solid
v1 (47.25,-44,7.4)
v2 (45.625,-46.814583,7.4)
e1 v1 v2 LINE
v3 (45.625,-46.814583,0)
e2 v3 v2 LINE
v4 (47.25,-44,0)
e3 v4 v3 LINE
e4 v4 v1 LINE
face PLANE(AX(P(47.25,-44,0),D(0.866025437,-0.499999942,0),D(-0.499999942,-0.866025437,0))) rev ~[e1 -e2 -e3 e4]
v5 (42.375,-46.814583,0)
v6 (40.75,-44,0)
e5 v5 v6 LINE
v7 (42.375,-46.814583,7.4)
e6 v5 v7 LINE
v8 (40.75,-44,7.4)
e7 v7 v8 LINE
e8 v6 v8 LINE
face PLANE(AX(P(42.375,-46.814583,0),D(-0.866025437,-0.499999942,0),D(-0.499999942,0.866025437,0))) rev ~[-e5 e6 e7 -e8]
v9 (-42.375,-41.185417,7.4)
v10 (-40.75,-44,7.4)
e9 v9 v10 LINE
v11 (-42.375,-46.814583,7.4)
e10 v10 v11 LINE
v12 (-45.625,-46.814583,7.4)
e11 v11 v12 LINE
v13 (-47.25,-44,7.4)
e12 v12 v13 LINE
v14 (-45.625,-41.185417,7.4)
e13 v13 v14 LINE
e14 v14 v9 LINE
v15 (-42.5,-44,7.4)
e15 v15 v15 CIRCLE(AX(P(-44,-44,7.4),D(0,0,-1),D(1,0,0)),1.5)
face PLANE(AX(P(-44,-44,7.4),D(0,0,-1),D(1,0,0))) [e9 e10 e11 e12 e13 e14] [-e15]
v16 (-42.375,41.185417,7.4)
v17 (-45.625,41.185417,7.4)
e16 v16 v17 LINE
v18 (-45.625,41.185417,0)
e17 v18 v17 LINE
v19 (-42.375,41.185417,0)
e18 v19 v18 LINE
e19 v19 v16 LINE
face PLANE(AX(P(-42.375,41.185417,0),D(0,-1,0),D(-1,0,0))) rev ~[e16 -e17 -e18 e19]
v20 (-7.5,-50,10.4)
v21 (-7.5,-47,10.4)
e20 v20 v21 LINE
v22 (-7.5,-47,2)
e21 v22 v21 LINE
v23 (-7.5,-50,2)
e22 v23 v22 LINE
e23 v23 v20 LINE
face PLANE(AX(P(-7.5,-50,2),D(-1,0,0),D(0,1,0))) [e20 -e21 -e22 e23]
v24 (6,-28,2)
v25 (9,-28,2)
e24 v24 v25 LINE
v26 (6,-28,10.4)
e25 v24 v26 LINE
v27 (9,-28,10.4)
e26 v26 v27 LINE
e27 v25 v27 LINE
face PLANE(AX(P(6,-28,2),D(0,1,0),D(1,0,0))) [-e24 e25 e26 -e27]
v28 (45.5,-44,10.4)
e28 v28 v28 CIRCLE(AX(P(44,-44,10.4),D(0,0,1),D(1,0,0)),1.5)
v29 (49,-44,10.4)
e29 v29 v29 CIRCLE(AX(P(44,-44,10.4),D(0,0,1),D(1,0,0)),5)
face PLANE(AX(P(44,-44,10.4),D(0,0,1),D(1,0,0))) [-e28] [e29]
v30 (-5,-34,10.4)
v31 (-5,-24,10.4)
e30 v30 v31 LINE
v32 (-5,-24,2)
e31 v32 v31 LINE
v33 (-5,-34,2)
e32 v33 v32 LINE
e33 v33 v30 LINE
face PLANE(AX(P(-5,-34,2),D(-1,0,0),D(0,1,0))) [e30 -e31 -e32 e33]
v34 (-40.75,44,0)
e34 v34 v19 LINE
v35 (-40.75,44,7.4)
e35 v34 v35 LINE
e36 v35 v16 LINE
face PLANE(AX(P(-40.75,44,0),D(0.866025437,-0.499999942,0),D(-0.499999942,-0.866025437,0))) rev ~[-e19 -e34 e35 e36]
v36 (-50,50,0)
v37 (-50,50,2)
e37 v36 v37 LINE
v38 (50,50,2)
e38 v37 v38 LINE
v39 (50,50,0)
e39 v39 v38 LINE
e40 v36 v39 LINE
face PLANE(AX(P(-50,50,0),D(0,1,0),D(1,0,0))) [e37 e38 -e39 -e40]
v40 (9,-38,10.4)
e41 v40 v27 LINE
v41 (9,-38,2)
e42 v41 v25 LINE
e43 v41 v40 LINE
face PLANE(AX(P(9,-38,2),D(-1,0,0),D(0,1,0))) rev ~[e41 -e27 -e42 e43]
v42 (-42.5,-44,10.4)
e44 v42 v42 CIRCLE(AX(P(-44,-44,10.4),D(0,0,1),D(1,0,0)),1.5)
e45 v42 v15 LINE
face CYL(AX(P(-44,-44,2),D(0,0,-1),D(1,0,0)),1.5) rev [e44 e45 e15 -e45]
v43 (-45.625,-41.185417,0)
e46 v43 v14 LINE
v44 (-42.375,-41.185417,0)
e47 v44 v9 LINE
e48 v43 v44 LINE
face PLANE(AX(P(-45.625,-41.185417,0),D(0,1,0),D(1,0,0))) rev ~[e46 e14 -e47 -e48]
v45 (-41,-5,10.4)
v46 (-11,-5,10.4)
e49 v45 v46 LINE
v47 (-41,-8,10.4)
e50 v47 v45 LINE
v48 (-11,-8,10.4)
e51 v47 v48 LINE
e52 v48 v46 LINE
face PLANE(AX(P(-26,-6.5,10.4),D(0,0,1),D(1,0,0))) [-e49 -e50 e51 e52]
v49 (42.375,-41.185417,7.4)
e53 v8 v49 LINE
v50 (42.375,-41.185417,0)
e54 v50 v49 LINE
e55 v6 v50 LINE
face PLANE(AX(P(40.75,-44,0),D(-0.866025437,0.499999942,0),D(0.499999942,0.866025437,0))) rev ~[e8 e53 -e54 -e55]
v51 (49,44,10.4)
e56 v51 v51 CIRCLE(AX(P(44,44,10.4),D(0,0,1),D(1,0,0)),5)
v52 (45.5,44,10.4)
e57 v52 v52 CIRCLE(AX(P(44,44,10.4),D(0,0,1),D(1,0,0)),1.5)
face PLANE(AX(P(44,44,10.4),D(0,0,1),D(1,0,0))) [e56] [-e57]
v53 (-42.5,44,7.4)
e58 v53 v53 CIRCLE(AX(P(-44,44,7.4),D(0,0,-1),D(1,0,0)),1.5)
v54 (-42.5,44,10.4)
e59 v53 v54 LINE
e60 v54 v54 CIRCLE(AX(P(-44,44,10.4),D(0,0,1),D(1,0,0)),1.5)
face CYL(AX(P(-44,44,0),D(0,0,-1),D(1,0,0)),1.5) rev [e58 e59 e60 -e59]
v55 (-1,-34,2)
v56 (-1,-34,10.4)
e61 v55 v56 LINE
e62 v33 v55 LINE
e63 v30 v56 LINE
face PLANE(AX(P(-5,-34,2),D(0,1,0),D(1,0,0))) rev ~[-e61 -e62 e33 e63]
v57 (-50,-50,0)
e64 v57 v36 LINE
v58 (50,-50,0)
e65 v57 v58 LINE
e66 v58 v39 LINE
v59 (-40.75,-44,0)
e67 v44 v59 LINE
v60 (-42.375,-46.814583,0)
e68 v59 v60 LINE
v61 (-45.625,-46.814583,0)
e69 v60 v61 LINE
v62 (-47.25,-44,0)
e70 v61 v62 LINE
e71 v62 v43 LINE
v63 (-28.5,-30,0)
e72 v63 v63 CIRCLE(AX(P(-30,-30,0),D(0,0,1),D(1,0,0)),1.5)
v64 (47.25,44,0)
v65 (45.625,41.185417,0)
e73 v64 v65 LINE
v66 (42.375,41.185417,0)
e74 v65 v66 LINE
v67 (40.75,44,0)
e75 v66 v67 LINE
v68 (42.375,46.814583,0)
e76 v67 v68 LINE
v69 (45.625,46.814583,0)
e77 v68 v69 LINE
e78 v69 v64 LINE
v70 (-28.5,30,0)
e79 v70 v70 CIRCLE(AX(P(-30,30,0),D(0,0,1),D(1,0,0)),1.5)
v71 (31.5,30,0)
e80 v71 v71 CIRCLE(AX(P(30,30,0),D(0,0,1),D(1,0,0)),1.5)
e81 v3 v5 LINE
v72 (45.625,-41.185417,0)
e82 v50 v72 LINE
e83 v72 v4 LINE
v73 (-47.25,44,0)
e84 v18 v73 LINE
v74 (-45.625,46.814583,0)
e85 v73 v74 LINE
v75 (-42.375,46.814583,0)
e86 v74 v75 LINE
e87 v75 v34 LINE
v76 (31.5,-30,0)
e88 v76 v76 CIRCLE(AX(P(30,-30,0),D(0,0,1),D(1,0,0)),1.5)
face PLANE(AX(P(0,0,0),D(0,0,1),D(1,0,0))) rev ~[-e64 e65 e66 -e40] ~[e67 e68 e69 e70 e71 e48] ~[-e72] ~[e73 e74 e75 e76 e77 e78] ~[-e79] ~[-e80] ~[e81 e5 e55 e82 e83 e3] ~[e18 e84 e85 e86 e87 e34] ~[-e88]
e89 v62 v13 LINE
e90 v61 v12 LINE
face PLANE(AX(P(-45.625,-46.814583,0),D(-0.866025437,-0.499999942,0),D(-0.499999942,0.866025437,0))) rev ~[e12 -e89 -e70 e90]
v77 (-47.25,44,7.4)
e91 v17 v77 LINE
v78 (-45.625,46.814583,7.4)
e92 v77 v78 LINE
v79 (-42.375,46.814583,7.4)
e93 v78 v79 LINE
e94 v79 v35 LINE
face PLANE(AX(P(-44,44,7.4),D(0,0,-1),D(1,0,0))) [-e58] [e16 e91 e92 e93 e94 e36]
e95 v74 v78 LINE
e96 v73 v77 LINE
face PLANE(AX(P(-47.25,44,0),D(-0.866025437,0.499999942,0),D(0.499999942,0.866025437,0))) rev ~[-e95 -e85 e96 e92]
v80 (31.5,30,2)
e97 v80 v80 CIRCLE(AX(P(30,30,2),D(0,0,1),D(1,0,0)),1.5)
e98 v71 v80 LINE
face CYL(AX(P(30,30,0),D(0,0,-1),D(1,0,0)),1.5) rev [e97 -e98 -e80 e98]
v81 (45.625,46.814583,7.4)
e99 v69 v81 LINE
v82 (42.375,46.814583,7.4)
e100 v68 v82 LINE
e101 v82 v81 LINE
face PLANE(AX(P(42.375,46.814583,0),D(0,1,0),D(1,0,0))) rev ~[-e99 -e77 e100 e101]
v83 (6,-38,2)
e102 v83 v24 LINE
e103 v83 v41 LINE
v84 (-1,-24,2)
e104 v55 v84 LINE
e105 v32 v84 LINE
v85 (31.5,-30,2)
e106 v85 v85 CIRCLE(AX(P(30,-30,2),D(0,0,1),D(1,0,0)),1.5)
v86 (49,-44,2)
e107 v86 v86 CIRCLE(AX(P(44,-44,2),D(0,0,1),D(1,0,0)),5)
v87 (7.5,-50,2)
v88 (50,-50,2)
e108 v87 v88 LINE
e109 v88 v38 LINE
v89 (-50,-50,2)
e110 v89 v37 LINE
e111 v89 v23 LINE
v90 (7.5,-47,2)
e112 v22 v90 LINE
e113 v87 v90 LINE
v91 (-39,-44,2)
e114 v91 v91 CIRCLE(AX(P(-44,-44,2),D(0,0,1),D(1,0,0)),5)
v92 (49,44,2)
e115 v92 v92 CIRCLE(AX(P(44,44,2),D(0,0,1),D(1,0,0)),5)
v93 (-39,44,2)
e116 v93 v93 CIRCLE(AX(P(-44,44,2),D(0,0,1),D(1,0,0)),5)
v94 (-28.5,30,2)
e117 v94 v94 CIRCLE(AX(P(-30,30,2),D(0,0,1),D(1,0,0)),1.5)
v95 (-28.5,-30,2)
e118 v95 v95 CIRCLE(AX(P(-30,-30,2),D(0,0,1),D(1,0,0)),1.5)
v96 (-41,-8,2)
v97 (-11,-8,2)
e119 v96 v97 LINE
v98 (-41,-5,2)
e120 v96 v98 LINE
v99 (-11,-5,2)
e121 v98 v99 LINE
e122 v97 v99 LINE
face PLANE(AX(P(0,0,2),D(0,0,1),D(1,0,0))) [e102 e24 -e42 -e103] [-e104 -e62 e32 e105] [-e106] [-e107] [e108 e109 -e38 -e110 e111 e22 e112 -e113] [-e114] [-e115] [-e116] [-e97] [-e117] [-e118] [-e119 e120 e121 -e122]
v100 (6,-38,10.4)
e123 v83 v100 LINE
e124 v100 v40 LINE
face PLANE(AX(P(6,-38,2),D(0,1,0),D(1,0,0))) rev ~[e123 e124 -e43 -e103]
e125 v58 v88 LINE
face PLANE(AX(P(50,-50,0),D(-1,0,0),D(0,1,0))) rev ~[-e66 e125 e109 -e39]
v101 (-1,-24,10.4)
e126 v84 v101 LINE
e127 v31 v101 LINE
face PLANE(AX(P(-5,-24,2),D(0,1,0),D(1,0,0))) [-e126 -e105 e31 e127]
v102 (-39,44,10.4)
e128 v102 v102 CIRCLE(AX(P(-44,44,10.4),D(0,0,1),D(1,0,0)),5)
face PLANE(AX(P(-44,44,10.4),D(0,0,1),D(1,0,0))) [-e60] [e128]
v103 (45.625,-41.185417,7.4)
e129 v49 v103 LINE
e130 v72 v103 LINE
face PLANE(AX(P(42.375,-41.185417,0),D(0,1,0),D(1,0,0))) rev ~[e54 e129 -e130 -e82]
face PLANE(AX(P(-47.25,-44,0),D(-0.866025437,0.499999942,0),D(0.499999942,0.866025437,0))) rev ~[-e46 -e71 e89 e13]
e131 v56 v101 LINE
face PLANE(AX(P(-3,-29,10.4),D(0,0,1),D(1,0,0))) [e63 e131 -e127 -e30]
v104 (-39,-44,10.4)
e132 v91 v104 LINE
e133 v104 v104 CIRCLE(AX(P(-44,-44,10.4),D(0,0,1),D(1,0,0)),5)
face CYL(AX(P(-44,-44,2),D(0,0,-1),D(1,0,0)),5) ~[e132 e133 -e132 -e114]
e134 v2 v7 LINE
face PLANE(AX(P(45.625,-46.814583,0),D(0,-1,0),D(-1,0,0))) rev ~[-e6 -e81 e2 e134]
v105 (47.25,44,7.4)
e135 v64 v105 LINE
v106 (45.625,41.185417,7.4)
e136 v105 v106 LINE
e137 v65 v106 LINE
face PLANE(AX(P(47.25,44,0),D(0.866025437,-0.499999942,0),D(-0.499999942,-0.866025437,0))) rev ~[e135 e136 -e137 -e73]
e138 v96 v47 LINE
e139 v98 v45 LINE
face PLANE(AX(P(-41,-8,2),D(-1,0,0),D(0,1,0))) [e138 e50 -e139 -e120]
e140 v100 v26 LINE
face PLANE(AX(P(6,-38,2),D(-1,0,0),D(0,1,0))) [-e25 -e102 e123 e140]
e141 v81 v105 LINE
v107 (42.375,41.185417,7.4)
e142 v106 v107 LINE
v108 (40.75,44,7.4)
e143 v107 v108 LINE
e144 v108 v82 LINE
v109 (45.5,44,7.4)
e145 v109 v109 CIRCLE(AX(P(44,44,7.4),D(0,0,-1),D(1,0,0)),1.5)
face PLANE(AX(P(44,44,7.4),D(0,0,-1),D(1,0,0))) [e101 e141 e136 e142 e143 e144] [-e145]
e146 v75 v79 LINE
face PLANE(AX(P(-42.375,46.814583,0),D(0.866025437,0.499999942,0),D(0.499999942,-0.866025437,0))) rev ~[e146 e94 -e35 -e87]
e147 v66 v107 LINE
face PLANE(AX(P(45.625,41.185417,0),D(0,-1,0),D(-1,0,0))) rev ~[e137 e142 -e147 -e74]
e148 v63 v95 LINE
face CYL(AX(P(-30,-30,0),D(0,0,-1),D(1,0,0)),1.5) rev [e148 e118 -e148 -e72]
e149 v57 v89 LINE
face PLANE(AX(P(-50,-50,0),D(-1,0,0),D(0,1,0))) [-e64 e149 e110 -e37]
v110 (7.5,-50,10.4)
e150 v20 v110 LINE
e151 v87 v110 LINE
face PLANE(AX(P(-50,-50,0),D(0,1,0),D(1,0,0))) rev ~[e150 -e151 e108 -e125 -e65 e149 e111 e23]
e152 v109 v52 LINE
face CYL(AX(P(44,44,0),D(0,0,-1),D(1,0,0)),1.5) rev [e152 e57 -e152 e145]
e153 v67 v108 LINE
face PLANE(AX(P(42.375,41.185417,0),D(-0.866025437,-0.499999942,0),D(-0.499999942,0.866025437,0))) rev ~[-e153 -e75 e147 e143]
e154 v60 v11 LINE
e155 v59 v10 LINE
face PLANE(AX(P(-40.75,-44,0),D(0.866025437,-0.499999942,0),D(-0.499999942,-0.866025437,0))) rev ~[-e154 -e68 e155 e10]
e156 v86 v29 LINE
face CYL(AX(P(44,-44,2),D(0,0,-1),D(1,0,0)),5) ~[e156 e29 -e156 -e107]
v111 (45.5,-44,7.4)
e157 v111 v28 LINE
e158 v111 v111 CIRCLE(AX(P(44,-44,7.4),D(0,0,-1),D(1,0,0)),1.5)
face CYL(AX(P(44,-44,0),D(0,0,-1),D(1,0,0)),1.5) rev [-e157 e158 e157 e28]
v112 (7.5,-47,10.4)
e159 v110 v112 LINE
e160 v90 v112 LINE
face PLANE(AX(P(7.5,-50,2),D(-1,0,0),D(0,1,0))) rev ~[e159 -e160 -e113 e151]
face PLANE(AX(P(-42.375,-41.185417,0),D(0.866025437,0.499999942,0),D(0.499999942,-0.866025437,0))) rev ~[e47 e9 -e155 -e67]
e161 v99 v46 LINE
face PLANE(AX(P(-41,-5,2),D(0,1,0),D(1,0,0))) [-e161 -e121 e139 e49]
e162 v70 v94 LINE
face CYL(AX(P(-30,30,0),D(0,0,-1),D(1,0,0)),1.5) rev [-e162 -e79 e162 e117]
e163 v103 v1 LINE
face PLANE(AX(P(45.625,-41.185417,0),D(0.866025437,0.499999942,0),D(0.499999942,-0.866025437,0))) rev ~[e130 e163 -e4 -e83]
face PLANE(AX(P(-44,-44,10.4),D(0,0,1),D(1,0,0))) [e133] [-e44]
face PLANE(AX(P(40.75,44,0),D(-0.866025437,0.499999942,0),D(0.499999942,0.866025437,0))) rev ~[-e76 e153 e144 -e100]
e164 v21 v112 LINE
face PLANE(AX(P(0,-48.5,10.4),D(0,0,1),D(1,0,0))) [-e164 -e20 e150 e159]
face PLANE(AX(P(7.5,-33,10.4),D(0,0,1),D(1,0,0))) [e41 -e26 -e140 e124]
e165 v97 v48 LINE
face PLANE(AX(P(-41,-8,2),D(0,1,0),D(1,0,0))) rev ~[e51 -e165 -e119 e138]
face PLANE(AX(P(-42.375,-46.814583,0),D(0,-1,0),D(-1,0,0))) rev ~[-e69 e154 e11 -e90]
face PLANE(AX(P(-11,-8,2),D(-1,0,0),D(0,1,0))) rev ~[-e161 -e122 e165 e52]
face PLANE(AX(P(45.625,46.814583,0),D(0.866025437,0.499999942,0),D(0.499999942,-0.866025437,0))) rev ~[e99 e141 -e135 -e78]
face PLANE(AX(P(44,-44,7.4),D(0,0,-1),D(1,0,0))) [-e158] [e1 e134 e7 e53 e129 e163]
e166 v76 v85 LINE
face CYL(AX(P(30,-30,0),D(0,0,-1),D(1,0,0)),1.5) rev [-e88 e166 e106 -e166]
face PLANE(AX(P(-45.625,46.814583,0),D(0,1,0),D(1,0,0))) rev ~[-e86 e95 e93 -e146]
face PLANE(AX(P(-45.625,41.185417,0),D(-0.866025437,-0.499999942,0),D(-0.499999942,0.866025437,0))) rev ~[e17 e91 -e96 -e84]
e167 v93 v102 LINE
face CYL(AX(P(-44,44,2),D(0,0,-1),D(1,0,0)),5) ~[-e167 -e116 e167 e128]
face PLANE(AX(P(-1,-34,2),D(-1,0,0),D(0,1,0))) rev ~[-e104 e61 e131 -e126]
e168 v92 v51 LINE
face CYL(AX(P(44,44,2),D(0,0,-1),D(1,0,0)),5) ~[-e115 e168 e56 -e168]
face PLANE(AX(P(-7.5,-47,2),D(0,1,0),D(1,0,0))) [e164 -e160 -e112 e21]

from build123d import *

# Parameters (mm, degrees)
SKETCH_W      = 100
SKETCH_H      = 100
SKETCH_R      = 1.5
PAD_DEPTH     = 2
SKETCH005_R   = 5
SKETCH005_R_2 = 1.5
PAD001_DEPTH  = 8.4
SKETCH007_W   = 4
SKETCH007_H   = 10
SKETCH007_W_2 = 3
SKETCH007_W_3 = 15
SKETCH007_H_2 = 3
SKETCH007_W_4 = 30
PAD002_DEPTH  = 8.4
POCKET_DEPTH  = 7.4


with BuildPart() as part:
    # Sketch → Pad (new body)
    with BuildSketch(Plane.XY):
        Rectangle(SKETCH_W, SKETCH_H)
        with Locations((-30, -30)):
            Circle(SKETCH_R, mode=Mode.SUBTRACT)
        with Locations((30, -30)):
            Circle(SKETCH_R, mode=Mode.SUBTRACT)
        with Locations((30, 30)):
            Circle(SKETCH_R, mode=Mode.SUBTRACT)
        with Locations((-30, 30)):
            Circle(SKETCH_R, mode=Mode.SUBTRACT)
        with Locations((-44, 44)):
            Circle(SKETCH_R, mode=Mode.SUBTRACT)
        with Locations((44, 44)):
            Circle(SKETCH_R, mode=Mode.SUBTRACT)
        with Locations((44, -44)):
            Circle(SKETCH_R, mode=Mode.SUBTRACT)
        with Locations((-44, -44)):
            Circle(SKETCH_R, mode=Mode.SUBTRACT)
    extrude(amount=PAD_DEPTH)

    # Sketch005 → Pad001 (join)
    with BuildSketch(Plane.XY.offset(2)):
        with Locations((-44, -44)):
            Circle(SKETCH005_R)
        with Locations((-44, -44)):
            Circle(SKETCH005_R_2, mode=Mode.SUBTRACT)
        with Locations((-44, 44)):
            Circle(SKETCH005_R)
        with Locations((-44, 44)):
            Circle(SKETCH005_R_2, mode=Mode.SUBTRACT)
        with Locations((44, 44)):
            Circle(SKETCH005_R)
        with Locations((44, 44)):
            Circle(SKETCH005_R_2, mode=Mode.SUBTRACT)
        with Locations((44, -44)):
            Circle(SKETCH005_R)
        with Locations((44, -44)):
            Circle(SKETCH005_R_2, mode=Mode.SUBTRACT)
    extrude(amount=PAD001_DEPTH)

    # Sketch007 → Pad002 (join)
    with BuildSketch(Plane.XY.offset(2)):
        with Locations((-3, -29)):
            Rectangle(SKETCH007_W, SKETCH007_H)
        with Locations((7.5, -33)):
            Rectangle(SKETCH007_W_2, SKETCH007_H)
        with Locations((0, -48.5)):
            Rectangle(SKETCH007_W_3, SKETCH007_H_2)
        with Locations((-26, -6.5)):
            Rectangle(SKETCH007_W_4, SKETCH007_H_2)
    extrude(amount=PAD002_DEPTH)

    # Sketch006 → Pocket (cut)
    with BuildSketch(Plane(origin=(0, 0, 0), x_dir=(1, 0, 0), z_dir=(0, 0, -1))):
        Polygon((-40.75, 44), (-42.375, 46.814583), (-45.625, 46.814583), (-47.25, 44), (-45.625, 41.185417), (-42.375, 41.185417), align=None)
        Polygon((45.625, 46.814583), (42.375, 46.814583), (40.75, 44), (42.375, 41.185417), (45.625, 41.185417), (47.25, 44), align=None)
        Polygon((45.625, -41.185417), (42.375, -41.185417), (40.75, -44), (42.375, -46.814583), (45.625, -46.814583), (47.25, -44), align=None)
        Polygon((-40.75, -44), (-42.375, -41.185417), (-45.625, -41.185417), (-47.25, -44), (-45.625, -46.814583), (-42.375, -46.814583), align=None)
    extrude(amount=-POCKET_DEPTH, mode=Mode.SUBTRACT)


solid = part.part
